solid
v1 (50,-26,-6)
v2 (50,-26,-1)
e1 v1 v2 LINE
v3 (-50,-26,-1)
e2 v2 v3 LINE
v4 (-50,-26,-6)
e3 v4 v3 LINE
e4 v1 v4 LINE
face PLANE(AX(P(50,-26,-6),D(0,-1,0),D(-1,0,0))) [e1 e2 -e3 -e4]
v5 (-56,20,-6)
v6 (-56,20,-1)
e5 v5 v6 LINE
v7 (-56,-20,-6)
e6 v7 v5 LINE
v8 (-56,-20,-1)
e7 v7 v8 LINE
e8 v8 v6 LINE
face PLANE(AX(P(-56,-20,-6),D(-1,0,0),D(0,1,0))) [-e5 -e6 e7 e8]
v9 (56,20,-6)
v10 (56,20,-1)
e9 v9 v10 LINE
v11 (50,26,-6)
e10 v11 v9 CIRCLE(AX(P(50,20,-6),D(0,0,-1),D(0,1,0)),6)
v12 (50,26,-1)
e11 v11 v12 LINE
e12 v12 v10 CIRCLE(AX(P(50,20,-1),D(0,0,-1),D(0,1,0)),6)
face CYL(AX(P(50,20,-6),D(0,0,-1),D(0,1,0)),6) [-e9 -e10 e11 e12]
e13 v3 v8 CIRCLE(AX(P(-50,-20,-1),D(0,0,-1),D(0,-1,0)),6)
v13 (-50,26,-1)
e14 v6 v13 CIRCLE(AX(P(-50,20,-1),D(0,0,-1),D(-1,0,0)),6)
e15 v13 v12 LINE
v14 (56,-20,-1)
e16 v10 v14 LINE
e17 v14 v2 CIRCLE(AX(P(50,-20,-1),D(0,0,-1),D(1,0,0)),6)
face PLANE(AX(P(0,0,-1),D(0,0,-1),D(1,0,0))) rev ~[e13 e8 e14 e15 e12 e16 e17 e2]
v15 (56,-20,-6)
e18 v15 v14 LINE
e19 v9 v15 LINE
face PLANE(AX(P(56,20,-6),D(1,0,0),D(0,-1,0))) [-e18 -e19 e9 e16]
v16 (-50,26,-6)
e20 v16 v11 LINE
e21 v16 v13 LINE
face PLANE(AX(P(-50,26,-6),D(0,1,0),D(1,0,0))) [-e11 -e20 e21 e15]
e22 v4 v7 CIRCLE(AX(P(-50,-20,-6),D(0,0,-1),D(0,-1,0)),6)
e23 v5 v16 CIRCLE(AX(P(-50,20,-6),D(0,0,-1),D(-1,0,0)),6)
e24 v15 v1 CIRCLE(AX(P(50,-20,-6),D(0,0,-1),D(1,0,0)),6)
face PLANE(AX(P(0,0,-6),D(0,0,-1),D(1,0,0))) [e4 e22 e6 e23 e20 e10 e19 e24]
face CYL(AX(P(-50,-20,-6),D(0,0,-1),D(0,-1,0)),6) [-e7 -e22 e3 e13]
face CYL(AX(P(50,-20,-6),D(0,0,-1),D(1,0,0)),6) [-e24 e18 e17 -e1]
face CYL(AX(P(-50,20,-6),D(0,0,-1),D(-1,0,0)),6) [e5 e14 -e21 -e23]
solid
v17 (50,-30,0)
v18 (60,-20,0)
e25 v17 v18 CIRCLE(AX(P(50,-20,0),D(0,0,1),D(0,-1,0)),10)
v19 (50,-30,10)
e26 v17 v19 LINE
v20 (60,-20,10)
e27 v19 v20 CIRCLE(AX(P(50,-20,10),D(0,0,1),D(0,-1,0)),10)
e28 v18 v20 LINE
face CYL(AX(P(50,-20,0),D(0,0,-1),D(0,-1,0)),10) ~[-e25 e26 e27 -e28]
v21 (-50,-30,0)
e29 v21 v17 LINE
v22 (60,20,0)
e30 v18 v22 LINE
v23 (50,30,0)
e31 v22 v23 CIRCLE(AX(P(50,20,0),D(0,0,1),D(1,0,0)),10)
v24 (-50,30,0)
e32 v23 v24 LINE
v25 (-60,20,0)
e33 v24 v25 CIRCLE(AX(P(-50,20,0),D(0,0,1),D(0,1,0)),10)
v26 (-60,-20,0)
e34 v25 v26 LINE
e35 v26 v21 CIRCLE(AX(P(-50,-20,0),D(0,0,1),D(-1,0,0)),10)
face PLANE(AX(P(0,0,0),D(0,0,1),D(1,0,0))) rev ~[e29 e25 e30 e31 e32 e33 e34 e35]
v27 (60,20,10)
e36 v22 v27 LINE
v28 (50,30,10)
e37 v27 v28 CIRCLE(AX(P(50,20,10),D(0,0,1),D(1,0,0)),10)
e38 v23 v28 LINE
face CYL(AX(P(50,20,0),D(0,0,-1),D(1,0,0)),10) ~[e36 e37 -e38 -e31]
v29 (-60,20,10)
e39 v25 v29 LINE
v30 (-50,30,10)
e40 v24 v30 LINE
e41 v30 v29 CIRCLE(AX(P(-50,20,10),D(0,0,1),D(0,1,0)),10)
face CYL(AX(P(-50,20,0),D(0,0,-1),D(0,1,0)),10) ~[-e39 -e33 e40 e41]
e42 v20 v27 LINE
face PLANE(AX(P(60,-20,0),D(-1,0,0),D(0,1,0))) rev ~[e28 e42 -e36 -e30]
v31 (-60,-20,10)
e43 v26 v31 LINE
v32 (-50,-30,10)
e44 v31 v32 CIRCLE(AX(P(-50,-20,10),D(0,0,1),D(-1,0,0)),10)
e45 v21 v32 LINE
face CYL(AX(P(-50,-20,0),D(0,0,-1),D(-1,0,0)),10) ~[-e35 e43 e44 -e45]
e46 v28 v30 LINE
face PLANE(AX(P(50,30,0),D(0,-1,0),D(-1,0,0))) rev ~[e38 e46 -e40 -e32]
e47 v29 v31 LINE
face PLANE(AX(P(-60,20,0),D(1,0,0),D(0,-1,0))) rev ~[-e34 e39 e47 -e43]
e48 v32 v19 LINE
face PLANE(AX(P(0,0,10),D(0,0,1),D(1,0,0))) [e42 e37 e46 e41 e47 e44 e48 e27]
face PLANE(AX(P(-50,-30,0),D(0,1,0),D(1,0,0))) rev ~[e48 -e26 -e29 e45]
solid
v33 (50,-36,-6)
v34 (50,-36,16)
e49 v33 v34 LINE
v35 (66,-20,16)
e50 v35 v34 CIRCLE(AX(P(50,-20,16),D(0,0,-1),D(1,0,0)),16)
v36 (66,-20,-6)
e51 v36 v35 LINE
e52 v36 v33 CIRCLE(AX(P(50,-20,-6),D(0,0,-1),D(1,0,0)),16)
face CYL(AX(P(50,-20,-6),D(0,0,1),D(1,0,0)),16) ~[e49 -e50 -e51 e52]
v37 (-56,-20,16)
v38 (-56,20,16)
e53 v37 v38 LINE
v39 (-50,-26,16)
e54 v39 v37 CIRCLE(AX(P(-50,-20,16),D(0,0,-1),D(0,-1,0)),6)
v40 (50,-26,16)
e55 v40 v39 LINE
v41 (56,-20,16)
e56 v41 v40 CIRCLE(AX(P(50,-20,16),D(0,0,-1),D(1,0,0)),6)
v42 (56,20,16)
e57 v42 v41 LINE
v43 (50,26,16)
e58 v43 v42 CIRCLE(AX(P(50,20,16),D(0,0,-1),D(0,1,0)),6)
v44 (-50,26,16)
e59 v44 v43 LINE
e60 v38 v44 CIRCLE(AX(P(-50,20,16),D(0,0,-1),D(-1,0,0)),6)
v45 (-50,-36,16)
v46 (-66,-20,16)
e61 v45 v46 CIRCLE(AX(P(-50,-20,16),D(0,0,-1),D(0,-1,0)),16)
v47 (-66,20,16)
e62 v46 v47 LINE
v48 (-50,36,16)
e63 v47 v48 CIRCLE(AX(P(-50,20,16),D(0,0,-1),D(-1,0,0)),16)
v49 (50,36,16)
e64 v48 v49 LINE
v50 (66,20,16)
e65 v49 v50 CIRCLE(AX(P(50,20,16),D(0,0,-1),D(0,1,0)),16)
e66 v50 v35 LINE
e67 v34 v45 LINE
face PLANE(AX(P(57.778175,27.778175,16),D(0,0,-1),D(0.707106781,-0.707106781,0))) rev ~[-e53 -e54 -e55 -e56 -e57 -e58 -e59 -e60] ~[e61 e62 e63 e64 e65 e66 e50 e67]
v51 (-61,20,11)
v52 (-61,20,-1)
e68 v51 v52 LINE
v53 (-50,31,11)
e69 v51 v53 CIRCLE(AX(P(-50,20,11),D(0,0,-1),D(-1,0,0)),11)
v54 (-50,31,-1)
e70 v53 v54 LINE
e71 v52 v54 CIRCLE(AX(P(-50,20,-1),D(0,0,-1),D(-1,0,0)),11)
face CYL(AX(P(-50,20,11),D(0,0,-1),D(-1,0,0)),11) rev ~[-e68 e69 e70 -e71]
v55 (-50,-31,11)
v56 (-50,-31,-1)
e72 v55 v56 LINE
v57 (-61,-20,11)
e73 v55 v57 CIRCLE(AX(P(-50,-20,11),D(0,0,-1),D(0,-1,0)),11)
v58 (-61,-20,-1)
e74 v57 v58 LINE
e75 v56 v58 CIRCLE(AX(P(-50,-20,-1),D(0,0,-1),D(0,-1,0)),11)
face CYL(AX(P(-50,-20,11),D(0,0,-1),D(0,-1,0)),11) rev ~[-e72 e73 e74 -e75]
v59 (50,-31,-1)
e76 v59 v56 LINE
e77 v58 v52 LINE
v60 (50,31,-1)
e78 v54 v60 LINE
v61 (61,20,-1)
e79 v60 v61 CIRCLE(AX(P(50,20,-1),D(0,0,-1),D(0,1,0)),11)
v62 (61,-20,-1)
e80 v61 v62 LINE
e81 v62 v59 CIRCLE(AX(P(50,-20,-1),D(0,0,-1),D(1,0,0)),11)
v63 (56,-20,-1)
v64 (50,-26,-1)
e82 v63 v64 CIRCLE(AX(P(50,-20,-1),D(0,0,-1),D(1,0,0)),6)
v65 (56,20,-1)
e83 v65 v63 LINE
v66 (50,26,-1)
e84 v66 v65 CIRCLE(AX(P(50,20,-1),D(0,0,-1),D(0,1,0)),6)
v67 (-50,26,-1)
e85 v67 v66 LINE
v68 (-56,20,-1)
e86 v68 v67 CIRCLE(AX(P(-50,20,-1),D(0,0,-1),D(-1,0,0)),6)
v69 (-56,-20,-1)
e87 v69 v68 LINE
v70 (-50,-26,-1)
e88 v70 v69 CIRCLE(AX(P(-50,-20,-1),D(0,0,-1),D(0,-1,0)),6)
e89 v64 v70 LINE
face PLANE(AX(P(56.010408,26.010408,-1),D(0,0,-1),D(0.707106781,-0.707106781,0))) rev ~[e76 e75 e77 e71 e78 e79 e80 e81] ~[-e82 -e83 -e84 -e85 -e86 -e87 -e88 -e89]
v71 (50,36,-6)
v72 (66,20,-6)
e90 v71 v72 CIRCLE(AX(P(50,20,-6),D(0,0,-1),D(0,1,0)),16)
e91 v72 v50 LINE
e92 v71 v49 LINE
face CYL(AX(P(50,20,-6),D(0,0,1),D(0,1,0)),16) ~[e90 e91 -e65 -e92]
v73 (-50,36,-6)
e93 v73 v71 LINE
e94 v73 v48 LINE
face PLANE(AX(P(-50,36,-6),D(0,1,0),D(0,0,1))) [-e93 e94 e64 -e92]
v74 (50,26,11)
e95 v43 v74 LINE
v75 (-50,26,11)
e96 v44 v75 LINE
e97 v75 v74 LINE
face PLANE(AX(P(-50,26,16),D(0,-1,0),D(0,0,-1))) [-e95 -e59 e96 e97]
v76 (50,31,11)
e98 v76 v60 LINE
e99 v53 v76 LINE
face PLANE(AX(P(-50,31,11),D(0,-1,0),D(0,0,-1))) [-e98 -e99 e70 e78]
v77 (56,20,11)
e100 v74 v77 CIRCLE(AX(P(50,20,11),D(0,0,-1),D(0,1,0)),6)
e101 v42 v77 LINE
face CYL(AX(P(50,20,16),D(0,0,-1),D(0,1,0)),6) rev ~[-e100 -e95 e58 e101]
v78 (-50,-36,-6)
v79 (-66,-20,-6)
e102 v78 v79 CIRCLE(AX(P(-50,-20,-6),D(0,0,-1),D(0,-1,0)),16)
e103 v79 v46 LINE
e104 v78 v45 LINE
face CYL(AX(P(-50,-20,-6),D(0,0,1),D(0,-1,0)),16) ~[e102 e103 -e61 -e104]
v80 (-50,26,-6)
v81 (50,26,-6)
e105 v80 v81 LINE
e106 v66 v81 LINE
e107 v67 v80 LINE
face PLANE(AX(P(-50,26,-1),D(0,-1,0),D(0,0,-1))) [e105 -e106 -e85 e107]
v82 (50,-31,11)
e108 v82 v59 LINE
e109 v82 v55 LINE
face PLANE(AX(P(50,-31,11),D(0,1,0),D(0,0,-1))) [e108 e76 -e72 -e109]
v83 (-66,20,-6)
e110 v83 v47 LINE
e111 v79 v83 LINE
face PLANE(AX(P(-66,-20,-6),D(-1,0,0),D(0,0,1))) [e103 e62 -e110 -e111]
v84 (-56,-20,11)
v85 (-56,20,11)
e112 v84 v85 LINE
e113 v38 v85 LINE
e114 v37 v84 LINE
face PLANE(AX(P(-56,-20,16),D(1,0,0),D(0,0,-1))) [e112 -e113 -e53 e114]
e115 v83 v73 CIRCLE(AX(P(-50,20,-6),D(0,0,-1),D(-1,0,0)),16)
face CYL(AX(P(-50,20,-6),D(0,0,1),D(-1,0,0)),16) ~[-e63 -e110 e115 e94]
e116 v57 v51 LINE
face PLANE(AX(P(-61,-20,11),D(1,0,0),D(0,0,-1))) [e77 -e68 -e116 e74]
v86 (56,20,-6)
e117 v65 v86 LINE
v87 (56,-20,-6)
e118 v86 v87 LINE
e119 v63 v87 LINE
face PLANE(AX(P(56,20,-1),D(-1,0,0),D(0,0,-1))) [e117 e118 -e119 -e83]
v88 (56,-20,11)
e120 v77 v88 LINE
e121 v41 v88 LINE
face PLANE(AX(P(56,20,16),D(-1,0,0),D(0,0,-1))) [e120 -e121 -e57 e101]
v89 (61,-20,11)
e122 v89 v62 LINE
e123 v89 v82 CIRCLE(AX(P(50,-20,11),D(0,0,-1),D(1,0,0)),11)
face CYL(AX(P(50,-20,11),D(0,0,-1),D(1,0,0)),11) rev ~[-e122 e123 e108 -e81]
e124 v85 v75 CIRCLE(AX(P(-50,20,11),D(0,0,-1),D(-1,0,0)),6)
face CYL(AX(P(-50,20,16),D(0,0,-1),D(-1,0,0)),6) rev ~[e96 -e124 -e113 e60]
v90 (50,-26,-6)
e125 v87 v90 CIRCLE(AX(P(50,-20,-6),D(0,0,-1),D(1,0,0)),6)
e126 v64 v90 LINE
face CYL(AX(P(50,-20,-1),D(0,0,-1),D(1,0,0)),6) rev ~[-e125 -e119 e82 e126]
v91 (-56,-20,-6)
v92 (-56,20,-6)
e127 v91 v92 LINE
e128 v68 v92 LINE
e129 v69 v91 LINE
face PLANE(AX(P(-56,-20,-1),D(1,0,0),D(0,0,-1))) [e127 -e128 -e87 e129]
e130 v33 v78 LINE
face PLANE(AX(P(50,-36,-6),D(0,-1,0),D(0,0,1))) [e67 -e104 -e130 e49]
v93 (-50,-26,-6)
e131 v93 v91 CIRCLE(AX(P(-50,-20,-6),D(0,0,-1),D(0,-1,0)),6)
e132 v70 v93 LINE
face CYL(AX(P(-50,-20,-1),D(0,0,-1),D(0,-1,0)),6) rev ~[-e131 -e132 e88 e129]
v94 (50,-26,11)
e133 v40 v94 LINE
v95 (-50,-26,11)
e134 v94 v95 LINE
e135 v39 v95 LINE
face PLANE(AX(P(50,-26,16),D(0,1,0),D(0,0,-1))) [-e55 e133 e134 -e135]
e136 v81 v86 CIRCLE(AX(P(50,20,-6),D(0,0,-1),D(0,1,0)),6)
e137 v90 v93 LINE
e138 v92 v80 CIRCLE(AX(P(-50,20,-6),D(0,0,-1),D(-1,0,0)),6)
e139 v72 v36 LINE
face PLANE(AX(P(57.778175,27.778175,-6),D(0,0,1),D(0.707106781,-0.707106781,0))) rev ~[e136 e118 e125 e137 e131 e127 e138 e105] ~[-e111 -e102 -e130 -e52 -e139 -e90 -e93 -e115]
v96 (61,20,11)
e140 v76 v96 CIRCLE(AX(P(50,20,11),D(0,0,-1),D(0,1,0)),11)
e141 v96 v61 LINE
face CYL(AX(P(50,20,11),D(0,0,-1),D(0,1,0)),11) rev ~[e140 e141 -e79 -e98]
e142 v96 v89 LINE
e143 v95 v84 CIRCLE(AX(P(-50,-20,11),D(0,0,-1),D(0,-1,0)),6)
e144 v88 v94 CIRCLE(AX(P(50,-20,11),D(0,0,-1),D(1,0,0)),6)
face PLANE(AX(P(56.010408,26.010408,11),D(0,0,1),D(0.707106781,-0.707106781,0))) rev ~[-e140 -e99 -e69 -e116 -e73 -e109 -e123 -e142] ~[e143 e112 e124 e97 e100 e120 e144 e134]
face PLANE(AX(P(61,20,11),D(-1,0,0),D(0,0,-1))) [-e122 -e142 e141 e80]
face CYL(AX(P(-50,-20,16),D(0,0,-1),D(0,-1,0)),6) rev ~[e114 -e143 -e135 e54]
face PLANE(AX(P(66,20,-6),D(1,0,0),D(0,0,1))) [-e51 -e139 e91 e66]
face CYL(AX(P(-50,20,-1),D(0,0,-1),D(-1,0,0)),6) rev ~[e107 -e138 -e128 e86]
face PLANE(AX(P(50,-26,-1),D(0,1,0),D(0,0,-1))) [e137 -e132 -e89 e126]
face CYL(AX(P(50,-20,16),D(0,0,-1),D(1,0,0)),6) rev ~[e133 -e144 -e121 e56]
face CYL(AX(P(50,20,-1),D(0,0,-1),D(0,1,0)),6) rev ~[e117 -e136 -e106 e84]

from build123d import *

# Parameters (mm, degrees)
F3_DEPTH = 10
F7_DEPTH = 5


with BuildPart() as f3:
    # F2 (on Top) → F3 (new body)
    with BuildSketch(Plane.XY):
        with BuildLine():
            Line((50, 30), (-50, 30))
            ThreePointArc((-50, 30), (-57.0710678119, 27.0710678119), (-60, 20))
            Line((-60, 20), (-60, -20))
            ThreePointArc((-60, -20), (-57.0710678119, -27.0710678119), (-50, -30))
            Line((-50, -30), (50, -30))
            ThreePointArc((50, -30), (57.0710678119, -27.0710678119), (60, -20))
            Line((60, -20), (60, 20))
            ThreePointArc((60, 20), (57.0710678119, 27.0710678119), (50, 30))
        make_face()
    extrude(amount=F3_DEPTH)


with BuildPart() as f5:
    # F5: sweep along a path in F2
    with BuildLine(Plane.XY) as f5_path:
        Line((0, 31), (50, 31))
        ThreePointArc((50, 31), (57.7781745931, 27.7781745931), (61, 20))
        Line((61, 20), (61, -20))
        ThreePointArc((61, -20), (57.7781745931, -27.7781745931), (50, -31))
        Line((50, -31), (-50, -31))
        ThreePointArc((-50, -31), (-57.7781745931, -27.7781745931), (-61, -20))
        Line((-61, -20), (-61, 20))
        ThreePointArc((-61, 20), (-57.7781745931, 27.7781745931), (-50, 31))
        Line((-50, 31), (0, 31))
    # F4 (on Right) → F5 (sweep)
    with BuildSketch(Plane.YZ):
        Polygon((31, 11), (31, -1), (26, -1), (26, -6), (31, -6), (36, -6), (36, 16), (26, 16), (26, 11), align=None)
    sweep(path=f5_path.line)


with BuildPart() as f7:
    # F6 (on face) → F7 (new body)
    with BuildSketch(Plane(origin=(0, 0, -6), x_dir=(1, 0, 0), z_dir=(0, 0, -1))):
        with BuildLine():
            Line((-56, 20), (-56, -20))
            ThreePointArc((-56, -20), (-54.2426406871, -24.2426406871), (-50, -26))
            Line((-50, -26), (50, -26))
            ThreePointArc((50, -26), (54.2426406871, -24.2426406871), (56, -20))
            Line((56, -20), (56, 20))
            ThreePointArc((56, 20), (54.2426406871, 24.2426406871), (50, 26))
            Line((50, 26), (-50, 26))
            ThreePointArc((-50, 26), (-54.2426406871, 24.2426406871), (-56, 20))
        make_face()
    extrude(amount=-F7_DEPTH)


solid = Compound([f3.part, f5.part, f7.part])
